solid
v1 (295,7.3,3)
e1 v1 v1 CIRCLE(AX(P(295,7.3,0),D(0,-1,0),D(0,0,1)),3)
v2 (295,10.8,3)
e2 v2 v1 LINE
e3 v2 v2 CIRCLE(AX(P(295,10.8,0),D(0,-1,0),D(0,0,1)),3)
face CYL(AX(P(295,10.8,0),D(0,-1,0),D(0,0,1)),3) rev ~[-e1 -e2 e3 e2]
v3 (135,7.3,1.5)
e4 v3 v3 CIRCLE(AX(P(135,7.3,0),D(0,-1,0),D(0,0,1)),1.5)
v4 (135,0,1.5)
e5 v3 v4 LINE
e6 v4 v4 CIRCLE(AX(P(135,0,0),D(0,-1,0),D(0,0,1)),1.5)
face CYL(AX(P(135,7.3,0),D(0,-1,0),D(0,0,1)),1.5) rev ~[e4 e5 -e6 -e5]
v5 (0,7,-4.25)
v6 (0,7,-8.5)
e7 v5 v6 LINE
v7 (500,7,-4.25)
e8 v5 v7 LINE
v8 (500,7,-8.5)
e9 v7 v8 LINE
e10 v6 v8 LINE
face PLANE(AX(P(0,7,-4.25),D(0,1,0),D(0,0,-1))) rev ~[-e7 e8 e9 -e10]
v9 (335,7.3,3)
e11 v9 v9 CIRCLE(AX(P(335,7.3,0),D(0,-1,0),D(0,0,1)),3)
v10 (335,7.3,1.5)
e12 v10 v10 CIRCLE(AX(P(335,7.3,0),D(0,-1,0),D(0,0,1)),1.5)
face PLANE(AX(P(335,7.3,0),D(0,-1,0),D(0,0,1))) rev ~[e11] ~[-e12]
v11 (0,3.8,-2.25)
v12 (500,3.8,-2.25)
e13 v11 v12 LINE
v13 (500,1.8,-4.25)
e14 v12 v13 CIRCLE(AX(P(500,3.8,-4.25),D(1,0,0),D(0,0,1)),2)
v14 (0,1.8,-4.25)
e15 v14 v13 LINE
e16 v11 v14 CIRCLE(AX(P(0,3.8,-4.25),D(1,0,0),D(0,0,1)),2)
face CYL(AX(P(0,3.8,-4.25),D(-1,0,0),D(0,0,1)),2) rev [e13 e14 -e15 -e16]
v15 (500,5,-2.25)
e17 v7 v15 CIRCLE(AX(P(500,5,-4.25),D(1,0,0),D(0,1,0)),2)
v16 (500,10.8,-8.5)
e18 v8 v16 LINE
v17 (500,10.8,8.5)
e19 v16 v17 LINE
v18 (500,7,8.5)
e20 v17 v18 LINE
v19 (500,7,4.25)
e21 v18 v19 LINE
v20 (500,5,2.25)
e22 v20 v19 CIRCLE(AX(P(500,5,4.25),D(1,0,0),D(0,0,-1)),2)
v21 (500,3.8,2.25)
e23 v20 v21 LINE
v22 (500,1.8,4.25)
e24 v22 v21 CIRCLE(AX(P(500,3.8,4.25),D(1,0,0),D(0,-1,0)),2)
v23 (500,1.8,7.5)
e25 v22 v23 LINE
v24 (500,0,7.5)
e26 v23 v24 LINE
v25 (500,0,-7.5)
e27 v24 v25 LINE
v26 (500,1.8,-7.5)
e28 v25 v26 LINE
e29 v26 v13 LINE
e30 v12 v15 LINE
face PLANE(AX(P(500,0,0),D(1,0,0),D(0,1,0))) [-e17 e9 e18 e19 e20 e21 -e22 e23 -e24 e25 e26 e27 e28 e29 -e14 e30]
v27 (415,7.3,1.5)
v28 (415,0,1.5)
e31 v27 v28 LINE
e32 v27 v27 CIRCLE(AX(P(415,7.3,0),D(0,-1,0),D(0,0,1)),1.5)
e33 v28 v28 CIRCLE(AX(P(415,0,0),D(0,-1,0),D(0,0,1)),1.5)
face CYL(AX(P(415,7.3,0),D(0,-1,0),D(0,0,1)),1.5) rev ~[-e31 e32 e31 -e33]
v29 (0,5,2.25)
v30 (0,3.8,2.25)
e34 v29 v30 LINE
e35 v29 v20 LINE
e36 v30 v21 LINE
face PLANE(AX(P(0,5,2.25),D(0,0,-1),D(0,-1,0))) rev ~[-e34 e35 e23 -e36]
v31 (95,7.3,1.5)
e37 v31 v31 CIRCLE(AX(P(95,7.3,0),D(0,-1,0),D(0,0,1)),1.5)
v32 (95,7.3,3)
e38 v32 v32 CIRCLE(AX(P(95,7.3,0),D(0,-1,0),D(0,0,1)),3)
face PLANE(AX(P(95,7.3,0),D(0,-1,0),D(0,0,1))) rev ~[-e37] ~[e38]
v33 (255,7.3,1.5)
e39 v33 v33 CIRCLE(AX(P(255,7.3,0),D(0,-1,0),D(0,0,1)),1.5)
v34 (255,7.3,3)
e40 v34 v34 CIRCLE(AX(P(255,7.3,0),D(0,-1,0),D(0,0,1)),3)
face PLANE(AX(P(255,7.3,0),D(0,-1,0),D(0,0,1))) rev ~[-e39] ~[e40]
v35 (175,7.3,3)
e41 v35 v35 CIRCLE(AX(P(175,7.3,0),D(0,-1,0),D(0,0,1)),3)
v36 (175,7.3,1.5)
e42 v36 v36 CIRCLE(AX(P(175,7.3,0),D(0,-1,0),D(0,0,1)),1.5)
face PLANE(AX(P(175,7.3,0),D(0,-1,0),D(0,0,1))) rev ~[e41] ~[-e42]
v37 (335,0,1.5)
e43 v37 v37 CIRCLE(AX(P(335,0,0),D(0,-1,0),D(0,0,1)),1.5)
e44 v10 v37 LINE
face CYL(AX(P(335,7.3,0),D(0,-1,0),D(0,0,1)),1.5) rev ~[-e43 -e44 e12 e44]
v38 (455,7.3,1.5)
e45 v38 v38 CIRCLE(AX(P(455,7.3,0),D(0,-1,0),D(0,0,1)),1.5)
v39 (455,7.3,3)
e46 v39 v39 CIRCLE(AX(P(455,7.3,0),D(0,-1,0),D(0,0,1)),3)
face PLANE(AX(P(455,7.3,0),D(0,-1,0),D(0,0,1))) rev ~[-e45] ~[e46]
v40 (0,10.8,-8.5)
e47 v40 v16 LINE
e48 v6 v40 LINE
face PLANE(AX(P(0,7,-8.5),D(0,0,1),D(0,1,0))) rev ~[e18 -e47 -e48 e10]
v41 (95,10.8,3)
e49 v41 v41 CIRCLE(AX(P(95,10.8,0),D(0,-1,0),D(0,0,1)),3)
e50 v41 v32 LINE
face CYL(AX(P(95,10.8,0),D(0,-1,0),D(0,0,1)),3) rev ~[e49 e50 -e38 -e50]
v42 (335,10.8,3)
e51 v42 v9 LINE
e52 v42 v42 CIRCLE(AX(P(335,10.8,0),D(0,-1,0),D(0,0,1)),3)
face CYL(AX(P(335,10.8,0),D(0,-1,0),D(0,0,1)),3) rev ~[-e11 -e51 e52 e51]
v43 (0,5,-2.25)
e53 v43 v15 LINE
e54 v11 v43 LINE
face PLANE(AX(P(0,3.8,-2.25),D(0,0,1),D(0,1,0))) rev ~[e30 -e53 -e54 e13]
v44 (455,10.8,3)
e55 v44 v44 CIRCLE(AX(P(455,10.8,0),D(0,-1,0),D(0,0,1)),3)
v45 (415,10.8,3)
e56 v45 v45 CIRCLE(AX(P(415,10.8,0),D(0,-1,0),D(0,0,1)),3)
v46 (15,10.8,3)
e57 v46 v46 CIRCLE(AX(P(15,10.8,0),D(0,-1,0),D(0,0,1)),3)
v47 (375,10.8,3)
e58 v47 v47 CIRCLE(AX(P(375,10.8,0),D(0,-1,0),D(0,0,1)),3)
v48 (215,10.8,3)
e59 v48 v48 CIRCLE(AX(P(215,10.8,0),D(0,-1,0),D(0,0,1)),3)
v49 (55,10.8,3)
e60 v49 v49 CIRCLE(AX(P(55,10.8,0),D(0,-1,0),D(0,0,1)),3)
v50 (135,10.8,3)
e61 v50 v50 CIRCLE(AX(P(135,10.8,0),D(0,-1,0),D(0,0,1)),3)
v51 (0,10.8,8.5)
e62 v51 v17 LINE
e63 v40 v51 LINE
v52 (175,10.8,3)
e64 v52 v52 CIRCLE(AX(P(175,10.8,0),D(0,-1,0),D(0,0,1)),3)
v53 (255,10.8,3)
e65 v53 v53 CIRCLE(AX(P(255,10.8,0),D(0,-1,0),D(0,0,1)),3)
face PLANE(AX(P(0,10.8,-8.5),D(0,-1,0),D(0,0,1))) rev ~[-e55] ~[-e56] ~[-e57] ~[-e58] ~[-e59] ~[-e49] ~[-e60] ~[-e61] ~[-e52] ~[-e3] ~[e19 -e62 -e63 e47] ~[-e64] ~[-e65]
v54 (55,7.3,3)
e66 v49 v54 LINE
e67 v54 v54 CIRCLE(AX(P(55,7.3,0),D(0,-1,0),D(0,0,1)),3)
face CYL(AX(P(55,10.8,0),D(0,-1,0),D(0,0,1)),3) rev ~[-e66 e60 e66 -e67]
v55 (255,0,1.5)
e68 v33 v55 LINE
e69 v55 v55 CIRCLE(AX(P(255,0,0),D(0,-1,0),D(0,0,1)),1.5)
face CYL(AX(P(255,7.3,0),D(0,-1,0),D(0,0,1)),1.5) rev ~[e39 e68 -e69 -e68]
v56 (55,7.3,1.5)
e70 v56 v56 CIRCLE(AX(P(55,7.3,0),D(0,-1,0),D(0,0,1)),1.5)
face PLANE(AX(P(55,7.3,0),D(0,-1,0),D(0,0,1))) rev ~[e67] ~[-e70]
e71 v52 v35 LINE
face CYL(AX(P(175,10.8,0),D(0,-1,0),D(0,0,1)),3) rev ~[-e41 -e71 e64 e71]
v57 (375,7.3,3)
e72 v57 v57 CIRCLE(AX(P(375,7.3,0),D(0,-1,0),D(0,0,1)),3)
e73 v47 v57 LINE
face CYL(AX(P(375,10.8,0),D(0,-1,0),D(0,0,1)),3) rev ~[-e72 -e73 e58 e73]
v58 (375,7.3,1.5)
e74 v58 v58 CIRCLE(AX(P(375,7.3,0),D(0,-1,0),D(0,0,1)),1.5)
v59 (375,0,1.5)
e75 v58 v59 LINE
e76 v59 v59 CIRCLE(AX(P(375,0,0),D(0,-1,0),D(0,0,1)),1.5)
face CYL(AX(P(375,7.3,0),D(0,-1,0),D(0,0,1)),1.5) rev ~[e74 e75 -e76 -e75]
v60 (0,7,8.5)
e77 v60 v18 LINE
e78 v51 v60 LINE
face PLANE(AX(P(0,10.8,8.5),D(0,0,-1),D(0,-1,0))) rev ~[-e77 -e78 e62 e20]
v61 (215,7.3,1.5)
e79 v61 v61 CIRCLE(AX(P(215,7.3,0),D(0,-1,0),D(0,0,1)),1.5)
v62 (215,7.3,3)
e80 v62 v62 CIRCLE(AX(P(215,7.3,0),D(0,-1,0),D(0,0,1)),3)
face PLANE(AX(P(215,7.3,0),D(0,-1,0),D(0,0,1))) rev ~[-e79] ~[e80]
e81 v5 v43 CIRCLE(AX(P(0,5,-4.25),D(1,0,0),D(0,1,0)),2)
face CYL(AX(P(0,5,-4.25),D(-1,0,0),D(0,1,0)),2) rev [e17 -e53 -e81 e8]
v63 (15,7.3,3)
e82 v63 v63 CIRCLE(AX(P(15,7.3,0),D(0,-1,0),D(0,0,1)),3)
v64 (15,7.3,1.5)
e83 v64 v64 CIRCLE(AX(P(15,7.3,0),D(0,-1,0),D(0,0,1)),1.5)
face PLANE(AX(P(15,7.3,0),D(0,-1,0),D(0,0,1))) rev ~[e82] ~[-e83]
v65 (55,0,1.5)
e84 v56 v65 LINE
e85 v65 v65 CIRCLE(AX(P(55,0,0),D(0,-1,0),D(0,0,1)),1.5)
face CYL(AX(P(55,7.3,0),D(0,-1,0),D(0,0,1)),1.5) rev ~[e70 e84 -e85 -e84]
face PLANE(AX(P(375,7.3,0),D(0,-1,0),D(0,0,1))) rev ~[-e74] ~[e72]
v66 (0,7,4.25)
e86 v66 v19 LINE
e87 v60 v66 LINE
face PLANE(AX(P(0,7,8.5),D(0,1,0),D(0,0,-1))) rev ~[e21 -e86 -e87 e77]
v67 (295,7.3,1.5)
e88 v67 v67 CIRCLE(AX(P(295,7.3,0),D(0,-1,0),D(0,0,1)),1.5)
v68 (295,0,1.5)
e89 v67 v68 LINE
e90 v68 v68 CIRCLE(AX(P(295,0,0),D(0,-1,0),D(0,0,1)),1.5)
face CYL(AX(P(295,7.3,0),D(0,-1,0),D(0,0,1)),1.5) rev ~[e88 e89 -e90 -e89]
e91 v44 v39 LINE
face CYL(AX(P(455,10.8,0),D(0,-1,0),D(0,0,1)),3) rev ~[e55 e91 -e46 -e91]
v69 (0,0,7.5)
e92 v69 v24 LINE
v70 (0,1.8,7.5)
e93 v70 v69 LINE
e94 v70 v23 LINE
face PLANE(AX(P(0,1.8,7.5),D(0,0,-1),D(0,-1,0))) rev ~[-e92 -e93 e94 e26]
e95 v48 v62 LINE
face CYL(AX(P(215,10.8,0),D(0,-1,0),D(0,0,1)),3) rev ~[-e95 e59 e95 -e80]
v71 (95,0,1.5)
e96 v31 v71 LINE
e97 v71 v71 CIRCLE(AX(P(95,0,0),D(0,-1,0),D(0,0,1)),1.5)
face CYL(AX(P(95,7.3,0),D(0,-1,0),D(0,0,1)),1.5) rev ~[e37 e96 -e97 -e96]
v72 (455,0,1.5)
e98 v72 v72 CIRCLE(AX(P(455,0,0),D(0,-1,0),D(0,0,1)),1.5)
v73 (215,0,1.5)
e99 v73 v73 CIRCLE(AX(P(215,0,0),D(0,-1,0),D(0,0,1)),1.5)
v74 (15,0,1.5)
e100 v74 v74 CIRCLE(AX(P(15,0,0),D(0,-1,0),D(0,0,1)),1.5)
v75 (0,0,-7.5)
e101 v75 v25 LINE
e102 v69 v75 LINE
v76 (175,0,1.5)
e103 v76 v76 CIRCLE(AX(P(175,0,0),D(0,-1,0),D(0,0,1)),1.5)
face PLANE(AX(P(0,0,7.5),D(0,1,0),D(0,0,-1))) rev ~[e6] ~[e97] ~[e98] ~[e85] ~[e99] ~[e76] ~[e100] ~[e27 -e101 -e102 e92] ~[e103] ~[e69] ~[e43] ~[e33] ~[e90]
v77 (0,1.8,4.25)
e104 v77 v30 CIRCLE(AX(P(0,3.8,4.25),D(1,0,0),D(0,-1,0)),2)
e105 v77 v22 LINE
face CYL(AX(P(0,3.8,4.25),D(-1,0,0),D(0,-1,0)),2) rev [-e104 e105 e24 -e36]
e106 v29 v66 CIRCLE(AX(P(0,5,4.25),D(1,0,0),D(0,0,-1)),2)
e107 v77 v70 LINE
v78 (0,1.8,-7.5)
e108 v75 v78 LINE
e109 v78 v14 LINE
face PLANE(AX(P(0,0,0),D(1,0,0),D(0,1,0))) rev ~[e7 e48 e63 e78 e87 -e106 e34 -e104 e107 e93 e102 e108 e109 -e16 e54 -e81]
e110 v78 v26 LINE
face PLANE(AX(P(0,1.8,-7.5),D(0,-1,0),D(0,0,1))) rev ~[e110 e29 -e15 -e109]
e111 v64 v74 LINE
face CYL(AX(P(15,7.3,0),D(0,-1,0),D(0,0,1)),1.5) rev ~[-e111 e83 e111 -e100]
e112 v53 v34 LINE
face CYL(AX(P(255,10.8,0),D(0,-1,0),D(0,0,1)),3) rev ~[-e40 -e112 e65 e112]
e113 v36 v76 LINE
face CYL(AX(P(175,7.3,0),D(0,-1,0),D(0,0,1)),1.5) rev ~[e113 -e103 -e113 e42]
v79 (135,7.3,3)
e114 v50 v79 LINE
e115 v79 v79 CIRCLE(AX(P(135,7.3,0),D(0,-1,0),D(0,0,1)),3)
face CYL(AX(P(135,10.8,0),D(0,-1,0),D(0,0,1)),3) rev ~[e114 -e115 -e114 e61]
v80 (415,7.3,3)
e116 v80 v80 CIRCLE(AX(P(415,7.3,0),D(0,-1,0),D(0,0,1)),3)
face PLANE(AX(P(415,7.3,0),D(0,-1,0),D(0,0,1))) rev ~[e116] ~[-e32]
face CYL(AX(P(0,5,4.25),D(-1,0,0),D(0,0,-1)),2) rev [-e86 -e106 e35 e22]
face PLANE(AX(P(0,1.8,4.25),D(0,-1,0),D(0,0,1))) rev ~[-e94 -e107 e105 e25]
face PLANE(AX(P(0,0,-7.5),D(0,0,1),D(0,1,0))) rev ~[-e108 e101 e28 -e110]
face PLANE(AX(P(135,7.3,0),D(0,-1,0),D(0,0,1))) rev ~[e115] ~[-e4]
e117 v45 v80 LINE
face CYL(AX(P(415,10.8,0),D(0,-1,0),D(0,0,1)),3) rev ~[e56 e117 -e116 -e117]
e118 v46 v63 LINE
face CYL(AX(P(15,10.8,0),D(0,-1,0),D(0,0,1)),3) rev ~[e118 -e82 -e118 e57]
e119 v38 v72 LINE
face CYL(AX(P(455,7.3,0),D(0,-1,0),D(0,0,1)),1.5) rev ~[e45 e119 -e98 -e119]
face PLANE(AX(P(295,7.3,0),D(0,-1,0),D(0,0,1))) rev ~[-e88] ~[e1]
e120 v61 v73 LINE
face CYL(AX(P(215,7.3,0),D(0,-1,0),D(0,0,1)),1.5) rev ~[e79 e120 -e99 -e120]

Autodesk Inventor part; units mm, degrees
ref_plane "YZ Plane" through (0, 0, 0) normal (1, 0, 0) x (0, 1, 0)
ref_plane "XZ Plane" through (0, 0, 0) normal (0, 1, 0) x (-1, 0, 0)
ref_plane "XY Plane" through (0, 0, 0) normal (0, 0, 1) x (1, 0, 0)
sketch "Sketch1" plane through (0, 0, 0) normal (1, 0, 0) x (0, 1, 0)
  line L0 (10.8, 8.5) -> (7, 8.5)
  line L1 (7, -8.5) -> (10.8, -8.5)
  line L2 (10.8, -8.5) -> (10.8, 8.5)
  line L3 (1.8, 7.5) -> (0, 7.5)
  line L4 (0, 7.5) -> (0, -7.5)
  line L5 (0, -7.5) -> (1.8, -7.5)
  line L6 (7, 8.5) -> (7, 4.25)
  line L7 (1.8, -7.5) -> (1.8, -4.25)
  arc A0 (5, 2.25) -> (7, 4.25) centre (5, 4.25) ccw
  arc A1 (7, -4.25) -> (5, -2.25) centre (5, -4.25) ccw
  arc A2 (3.8, -2.25) -> (1.8, -4.25) centre (3.8, -4.25) ccw
  arc A3 (1.8, 4.25) -> (3.8, 2.25) centre (3.8, 4.25) ccw
  line L8 (5, 2.25) -> (3.8, 2.25)
  line L9 (1.8, 4.25) -> (1.8, 7.5)
  line L10 (3.8, -2.25) -> (5, -2.25)
  line L11 (7, -4.25) -> (7, -8.5)
  point P0 (0, 0)
  dimension "d0" = 17
  dimension "d1" = 15
  dimension "d2" = 10.8
  dimension "d4" = 1.8
  dimension "d6" = 8.5
  dimension "d8" = 7.5
  dimension "d9" = 0
  dimension "d19" = 2
  dimension "d20" = 2
  dimension "d21" = 4.25
  dimension "d23" = 7
  dimension "d24" = 2
  dimension "d25" = 4.25
  dimension "d28" = 2
  dimension "d29" = 2
  dimension "d31" = 2
  dimension "d32" = 2
  dimension "d33" = 2
  dimension "d34" = 2
  dimension "d35" = 2
extrude "Schiene" add sketch "Sketch1" along normal blind 500
sketch "Sketch2" plane through (0, 10.8, 8.5) normal (0, 1, 0) x (1, 0, 0)
  circle A0 centre (95, 8.5) radius 1.5
  circle A1 centre (55, 8.5) radius 1.5
  circle A2 centre (15, 8.5) radius 1.5
  circle A3 centre (135, 8.5) radius 1.5
  circle A4 centre (175, 8.5) radius 1.5
  circle A5 centre (215, 8.5) radius 1.5
  circle A6 centre (255, 8.5) radius 1.5
  circle A7 centre (295, 8.5) radius 1.5
  line L0 (0, 8.5) -> (500, 8.5) construction
  line L1 (500, 17) -> (500, 0) projected
  line L2 (0, 17) -> (0, 0) projected
  circle A8 centre (335, 8.5) radius 1.5
  circle A9 centre (375, 8.5) radius 1.5
  circle A10 centre (415, 8.5) radius 1.5
  circle A11 centre (455, 8.5) radius 1.5
  line L3 (1.2686, 8.5) -> (500.9636, 8.5) construction
  dimension "d38" = 15
  dimension "d39" = 40
  dimension "d40" = 40
  dimension "d41" = 40
  dimension "d42" = 40
  dimension "d43" = 40
  dimension "d44" = 40
  dimension "d48" = 40
  dimension "d49" = 40
  dimension "d53" = 40
  dimension "d54" = 40
  dimension "d55" = 40
  dimension "d58" = 3
  dimension "d59" = 3
  dimension "d60" = 3
  dimension "d61" = 3
  dimension "d62" = 3
  dimension "d63" = 3
  dimension "d64" = 3
  dimension "d65" = 3
  dimension "d66" = 3
  dimension "d67" = 3
  dimension "d68" = 3
  dimension "d69" = 3
hole "Hole1" at (15, 10.8, 0) at (55, 10.8, 0) at (95, 10.8, 0) at (135, 10.8, 0) at (175, 10.8, 0) at (215, 10.8, 0) at (255, 10.8, 0) at (295, 10.8, 0) at (335, 10.8, 0) at (375, 10.8, 0) at (415, 10.8, 0) at (455, 10.8, 0) direction (0, -1, 0) diameter 3 depth 20 tip angle 118 counterbore diameter 6 counterbore depth 3.5
equation "\"d92\" = d69"
properties part number "Fuehrungsschiene500mm"
